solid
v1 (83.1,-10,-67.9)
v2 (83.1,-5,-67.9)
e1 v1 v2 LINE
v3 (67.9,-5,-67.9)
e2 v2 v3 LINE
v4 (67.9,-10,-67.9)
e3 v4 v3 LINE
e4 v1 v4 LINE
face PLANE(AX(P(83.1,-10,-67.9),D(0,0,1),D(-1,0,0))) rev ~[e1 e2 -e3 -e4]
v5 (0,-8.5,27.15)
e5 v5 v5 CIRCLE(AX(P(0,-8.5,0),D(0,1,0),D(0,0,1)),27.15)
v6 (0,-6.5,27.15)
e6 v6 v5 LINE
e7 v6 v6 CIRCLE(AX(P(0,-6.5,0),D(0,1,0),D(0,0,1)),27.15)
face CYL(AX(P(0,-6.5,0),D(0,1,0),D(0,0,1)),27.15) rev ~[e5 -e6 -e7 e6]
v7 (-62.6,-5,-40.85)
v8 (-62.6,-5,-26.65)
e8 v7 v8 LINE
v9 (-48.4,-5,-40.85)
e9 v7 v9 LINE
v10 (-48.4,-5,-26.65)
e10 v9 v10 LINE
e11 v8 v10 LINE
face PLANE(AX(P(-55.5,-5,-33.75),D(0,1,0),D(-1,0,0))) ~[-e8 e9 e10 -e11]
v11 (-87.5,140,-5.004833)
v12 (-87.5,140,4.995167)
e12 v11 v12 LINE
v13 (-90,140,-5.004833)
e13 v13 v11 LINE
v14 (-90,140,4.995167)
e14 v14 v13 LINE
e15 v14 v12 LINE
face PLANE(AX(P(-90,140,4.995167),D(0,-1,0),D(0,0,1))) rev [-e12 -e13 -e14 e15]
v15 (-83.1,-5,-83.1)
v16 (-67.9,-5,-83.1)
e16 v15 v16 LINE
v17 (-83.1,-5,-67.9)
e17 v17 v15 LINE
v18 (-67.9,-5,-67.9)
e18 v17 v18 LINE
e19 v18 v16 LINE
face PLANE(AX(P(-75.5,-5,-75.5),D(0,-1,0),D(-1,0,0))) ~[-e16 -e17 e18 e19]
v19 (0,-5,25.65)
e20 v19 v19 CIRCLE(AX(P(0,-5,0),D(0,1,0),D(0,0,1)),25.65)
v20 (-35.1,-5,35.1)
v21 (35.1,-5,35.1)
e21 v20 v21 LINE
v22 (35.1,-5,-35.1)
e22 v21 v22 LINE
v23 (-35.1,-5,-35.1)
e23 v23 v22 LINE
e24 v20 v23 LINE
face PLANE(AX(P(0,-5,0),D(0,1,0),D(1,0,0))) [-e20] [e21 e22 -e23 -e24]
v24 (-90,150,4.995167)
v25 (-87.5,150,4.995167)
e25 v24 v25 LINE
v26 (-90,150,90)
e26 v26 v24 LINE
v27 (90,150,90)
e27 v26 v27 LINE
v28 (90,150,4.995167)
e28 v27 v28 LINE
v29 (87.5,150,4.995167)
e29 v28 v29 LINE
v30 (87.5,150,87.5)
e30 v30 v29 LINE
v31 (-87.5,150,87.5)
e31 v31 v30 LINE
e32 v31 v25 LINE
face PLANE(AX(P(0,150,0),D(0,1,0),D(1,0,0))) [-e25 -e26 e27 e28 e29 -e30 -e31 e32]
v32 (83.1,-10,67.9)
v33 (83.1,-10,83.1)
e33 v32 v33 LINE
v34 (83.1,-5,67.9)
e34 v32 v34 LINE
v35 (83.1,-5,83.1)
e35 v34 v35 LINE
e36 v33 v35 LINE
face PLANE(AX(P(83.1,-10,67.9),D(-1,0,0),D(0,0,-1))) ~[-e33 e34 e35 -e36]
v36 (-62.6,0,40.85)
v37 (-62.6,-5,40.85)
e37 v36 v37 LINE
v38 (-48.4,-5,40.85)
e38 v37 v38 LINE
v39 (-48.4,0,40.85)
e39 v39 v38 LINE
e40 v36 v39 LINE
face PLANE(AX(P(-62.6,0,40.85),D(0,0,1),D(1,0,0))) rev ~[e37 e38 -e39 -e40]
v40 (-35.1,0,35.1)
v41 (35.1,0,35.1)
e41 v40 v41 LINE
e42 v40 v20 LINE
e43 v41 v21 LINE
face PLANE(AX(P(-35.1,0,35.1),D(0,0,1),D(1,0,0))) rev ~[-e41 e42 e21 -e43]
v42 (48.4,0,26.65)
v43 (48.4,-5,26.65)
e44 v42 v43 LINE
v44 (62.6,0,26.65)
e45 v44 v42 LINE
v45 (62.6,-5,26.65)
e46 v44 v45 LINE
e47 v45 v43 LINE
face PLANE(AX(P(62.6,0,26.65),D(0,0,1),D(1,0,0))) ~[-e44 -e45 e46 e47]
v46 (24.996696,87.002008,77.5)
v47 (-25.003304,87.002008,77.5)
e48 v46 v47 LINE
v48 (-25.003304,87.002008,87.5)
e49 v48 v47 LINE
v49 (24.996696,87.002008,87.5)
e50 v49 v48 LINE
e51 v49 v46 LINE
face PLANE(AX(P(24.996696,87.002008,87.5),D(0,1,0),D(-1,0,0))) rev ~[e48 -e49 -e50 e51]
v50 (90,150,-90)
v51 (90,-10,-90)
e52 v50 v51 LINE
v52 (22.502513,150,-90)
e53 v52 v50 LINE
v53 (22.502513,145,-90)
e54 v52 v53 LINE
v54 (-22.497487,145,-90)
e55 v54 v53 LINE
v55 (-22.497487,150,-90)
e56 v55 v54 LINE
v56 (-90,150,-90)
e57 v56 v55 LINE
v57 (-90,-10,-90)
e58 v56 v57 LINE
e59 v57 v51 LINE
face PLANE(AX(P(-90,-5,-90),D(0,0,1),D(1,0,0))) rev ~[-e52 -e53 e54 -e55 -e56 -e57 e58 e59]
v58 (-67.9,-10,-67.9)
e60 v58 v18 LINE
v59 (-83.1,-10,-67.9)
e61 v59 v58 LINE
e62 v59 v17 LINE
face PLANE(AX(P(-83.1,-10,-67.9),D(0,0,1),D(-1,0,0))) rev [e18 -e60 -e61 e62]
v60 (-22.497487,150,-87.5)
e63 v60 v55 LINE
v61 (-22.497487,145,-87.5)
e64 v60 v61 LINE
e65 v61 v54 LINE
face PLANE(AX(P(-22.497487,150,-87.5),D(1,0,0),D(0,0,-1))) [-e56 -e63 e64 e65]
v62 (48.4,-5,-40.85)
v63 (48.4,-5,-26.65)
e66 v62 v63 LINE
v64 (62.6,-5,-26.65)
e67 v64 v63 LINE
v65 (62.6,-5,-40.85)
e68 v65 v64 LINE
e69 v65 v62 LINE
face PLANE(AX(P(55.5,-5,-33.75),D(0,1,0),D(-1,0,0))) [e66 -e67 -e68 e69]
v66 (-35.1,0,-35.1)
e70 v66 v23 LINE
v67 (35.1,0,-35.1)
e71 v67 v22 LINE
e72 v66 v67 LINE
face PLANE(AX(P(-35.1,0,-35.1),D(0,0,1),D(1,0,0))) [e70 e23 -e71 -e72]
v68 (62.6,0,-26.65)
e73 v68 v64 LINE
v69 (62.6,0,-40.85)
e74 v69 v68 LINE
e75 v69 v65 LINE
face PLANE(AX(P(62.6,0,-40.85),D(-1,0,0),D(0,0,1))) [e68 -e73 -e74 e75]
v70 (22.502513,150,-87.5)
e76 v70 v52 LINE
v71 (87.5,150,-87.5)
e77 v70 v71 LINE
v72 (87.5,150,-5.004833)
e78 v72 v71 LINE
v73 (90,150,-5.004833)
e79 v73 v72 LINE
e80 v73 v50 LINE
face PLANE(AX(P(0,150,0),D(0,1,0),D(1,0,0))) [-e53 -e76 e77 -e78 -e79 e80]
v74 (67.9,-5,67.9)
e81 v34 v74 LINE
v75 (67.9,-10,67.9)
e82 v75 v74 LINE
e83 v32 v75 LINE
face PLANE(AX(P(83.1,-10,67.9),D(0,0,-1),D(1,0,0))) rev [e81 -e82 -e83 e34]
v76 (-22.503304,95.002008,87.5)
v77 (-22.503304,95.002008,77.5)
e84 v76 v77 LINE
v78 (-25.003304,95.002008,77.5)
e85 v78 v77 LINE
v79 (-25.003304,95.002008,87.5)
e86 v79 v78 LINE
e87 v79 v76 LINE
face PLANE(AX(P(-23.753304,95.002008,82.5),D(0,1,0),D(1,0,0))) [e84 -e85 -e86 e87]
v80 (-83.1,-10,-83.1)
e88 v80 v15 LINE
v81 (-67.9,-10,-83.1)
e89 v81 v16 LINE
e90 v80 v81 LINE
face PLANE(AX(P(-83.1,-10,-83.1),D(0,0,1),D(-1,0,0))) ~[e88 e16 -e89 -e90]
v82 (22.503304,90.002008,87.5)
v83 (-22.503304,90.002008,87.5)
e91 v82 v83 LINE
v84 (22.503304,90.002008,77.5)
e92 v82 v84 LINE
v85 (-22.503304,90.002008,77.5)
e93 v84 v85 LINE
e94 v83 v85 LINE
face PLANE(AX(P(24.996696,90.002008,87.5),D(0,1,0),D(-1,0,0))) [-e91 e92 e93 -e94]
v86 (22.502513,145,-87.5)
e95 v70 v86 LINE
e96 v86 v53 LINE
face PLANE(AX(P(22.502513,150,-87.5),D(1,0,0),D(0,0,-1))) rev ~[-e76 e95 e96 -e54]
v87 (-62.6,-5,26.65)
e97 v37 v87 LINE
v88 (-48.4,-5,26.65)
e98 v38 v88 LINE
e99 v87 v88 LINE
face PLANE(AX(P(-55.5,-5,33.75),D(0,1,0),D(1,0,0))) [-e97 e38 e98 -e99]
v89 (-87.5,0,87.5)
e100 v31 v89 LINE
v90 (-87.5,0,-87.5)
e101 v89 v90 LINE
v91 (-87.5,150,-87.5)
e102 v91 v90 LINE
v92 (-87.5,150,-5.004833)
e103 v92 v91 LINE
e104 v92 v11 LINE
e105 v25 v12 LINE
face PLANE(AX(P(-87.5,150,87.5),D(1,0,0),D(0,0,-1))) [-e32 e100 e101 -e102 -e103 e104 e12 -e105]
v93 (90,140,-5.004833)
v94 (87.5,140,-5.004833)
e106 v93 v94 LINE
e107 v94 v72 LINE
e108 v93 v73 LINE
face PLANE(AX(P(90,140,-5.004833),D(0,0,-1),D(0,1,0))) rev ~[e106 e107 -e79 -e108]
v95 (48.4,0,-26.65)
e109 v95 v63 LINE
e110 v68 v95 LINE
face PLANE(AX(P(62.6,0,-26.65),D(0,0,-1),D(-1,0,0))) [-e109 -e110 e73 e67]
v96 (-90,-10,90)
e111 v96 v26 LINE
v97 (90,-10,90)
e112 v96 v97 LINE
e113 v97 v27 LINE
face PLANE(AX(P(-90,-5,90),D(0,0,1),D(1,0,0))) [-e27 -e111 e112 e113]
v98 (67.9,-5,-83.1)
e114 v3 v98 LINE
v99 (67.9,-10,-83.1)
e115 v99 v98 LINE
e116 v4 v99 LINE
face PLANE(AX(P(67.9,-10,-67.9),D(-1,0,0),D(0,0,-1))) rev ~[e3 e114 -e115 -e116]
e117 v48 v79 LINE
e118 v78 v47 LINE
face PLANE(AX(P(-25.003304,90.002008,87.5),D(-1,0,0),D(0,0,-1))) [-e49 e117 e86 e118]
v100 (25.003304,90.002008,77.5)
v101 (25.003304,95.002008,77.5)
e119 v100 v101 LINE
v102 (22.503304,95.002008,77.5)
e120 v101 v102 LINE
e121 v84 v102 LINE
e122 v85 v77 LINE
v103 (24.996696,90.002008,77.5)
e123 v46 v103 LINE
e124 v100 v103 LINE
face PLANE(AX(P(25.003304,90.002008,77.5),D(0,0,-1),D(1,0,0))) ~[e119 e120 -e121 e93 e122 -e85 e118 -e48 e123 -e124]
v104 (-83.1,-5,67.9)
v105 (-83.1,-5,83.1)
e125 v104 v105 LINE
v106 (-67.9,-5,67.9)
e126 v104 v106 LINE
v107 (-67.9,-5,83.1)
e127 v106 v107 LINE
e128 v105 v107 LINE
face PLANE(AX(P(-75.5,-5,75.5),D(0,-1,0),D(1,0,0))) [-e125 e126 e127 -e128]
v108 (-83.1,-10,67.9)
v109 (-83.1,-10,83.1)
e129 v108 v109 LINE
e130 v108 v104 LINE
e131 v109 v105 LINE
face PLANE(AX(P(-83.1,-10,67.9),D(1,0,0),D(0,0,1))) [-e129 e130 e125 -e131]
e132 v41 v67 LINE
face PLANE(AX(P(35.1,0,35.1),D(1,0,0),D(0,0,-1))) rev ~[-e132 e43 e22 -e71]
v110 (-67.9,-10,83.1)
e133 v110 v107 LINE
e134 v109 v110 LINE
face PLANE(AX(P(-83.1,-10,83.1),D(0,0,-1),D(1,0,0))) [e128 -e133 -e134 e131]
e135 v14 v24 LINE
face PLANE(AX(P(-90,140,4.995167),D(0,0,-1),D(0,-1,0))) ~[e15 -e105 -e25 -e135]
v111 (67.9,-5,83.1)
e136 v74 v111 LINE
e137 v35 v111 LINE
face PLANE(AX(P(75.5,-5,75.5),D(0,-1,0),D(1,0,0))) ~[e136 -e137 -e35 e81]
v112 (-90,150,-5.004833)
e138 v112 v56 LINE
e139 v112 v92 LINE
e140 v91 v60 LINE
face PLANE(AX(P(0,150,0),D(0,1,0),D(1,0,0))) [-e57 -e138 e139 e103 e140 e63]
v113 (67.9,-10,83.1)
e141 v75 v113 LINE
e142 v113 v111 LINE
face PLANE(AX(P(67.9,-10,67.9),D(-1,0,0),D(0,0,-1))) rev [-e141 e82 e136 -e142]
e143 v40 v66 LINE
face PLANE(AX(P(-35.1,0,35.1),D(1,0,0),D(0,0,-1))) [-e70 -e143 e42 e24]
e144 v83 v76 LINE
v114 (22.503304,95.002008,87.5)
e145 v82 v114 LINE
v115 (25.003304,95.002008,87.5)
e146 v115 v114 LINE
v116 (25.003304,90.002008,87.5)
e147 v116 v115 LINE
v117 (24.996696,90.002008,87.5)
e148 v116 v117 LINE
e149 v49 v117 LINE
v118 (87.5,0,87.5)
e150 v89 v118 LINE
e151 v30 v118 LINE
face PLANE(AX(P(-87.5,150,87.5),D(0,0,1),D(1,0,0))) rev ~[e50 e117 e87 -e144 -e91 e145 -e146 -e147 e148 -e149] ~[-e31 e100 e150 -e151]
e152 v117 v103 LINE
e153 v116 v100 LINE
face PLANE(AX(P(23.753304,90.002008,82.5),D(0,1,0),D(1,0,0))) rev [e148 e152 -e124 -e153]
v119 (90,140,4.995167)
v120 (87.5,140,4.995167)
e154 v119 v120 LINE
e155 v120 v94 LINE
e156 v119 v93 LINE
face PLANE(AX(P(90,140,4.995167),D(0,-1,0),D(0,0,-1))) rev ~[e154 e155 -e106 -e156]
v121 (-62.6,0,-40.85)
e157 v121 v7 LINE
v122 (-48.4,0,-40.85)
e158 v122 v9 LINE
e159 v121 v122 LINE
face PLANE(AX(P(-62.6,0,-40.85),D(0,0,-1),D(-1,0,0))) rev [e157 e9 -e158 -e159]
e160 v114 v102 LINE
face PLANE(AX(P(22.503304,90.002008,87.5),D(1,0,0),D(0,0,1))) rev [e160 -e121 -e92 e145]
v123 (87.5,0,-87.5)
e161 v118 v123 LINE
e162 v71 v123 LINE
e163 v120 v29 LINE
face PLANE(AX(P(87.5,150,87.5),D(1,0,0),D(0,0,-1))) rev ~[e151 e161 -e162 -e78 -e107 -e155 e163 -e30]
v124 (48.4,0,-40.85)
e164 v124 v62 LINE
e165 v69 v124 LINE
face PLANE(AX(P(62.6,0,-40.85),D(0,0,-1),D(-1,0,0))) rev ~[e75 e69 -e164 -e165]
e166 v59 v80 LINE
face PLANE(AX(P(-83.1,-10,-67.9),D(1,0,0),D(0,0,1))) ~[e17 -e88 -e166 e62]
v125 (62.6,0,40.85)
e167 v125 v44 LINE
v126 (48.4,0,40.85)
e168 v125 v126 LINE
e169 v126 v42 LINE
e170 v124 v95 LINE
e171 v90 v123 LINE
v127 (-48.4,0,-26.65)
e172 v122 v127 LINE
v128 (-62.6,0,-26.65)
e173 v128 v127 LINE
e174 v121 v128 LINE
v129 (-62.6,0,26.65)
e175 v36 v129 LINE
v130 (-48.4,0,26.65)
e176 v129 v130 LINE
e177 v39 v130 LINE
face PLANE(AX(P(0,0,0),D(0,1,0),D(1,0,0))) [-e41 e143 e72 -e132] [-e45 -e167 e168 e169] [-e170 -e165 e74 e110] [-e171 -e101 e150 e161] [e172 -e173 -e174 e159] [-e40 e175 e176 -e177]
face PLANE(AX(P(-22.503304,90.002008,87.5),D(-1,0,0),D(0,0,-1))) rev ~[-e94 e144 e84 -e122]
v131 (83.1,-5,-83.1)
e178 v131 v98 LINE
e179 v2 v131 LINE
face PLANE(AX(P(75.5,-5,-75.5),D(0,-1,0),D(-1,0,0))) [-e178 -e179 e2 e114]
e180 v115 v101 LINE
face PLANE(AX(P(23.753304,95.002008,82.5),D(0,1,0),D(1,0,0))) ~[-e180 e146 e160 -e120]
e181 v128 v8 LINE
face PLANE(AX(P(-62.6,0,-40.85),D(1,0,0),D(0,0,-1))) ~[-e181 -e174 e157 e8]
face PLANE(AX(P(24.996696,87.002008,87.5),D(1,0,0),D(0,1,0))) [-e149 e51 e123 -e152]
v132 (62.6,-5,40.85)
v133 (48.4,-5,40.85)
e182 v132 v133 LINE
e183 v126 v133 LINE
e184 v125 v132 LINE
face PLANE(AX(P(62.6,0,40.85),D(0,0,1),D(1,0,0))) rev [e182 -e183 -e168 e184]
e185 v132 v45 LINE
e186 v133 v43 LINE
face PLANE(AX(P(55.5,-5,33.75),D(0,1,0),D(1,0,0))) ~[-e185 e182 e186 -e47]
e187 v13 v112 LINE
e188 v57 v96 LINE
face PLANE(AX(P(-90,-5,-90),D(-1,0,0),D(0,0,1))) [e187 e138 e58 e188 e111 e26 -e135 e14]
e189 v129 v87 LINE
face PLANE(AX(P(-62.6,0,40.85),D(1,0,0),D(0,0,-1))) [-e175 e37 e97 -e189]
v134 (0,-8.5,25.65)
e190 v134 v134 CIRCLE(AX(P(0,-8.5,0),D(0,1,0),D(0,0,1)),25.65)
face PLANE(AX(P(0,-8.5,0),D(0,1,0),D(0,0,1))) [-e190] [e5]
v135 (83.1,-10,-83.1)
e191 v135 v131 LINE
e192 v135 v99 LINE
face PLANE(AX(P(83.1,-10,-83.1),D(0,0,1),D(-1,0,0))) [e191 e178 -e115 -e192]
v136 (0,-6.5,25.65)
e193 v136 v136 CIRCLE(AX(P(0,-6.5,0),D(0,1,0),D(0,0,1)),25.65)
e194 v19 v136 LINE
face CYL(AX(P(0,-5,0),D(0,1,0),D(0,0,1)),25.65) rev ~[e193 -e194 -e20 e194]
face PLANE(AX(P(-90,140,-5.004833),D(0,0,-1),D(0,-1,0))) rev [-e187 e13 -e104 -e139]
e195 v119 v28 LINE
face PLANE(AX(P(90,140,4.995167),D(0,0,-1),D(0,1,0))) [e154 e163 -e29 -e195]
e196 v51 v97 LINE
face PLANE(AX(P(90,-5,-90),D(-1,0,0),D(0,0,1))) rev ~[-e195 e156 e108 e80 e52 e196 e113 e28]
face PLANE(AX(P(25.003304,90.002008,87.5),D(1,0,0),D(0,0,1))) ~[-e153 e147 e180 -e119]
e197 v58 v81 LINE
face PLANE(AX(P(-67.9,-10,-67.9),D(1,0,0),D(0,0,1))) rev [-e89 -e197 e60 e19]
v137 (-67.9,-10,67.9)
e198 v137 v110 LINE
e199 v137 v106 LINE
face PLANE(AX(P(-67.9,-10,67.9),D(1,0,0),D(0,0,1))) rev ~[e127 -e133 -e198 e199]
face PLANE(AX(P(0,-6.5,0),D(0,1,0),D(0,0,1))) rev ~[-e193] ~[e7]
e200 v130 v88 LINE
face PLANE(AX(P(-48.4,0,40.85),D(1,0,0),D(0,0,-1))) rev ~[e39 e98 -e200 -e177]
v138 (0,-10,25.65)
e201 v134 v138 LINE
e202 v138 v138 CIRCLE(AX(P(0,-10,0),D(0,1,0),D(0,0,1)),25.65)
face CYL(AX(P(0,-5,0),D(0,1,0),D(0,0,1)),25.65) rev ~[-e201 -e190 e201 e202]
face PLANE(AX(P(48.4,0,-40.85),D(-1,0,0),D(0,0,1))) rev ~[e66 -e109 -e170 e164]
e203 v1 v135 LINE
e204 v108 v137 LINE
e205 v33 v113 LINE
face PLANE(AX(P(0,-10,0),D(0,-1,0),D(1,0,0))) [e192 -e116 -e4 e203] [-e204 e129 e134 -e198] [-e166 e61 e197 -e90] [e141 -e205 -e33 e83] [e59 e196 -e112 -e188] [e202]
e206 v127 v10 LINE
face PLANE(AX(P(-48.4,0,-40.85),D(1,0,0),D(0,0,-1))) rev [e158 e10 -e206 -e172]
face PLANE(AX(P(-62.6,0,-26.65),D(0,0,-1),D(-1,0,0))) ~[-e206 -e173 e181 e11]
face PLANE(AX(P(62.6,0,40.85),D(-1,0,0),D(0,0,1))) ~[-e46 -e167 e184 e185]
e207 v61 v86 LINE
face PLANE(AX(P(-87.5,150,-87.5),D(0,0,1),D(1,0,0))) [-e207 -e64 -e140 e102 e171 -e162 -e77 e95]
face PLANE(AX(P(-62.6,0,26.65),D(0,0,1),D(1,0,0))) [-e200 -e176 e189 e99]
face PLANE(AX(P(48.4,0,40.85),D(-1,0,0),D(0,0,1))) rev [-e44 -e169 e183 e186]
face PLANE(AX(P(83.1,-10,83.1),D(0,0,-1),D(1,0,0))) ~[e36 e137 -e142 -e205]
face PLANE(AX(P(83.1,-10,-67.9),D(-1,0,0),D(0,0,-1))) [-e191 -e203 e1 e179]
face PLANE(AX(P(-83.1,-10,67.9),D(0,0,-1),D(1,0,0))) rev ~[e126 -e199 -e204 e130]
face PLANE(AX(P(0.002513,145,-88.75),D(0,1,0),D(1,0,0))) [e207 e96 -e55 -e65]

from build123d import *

# Parameters (mm, degrees)
BOSS_EXTRUDE1_DEPTH      = 150
BOSS_EXTRUDE1_DEPTH_BACK = 5
SKETCH1_W                = 180
SKETCH1_H                = 180
SKETCH6_W                = 175
SKETCH6_H                = 175
CUT_EXTRUDE2_DEPTH       = 150
SKETCH34_W               = 180
SKETCH34_H               = 180
BOSS_EXTRUDE14_DEPTH     = 5
SKETCH35_W               = 15.2
SKETCH35_H               = 15.2
CUT_EXTRUDE11_DEPTH      = 5
SKETCH37_W               = 14.2
SKETCH37_H               = 14.2
CUT_EXTRUDE12_DEPTH      = 5
MIRROR13_COPY_1_SKETCH_W = 15.2
MIRROR13_COPY_1_SKETCH_H = 15.2
MIRROR13_COPY_1_DEPTH    = 5
MIRROR13_COPY_2_SKETCH_W = 14.2
MIRROR13_COPY_2_SKETCH_H = 14.2
MIRROR13_COPY_2_DEPTH    = 5
SKETCH15_W               = 10
SKETCH15_H               = 10
CUT_EXTRUDE7_DEPTH       = 3
SKETCH21_W               = 50
SKETCH21_H               = 3
BOSS_EXTRUDE7_DEPTH      = 10
SKETCH22_W               = 2.5
SKETCH22_H               = 10
BOSS_EXTRUDE8_DEPTH      = 5
SKETCH30_W               = 45
SKETCH30_H               = 2.5
CUT_EXTRUDE9_DEPTH       = 5
SKETCH38_W               = 70.2
SKETCH38_H               = 70.2
CUT_EXTRUDE13_DEPTH      = 5
SKETCH7_R                = 25.65
CUT_EXTRUDE14_DEPTH      = 5
CUT_EXTRUDE16_START      = -1.5
SKETCH39_R               = 27.15
CUT_EXTRUDE16_DEPTH      = 2


with BuildPart() as part:
    # Sketch1 → Boss-Extrude1 (new, two sides: drawn at the far end of the back side and taken through both)
    with BuildSketch(Plane(origin=(0, 0, 0), x_dir=(1, 0, 0), z_dir=(0, 1, 0)).offset(-BOSS_EXTRUDE1_DEPTH_BACK)):
        Rectangle(SKETCH1_W, SKETCH1_H)
    extrude(amount=BOSS_EXTRUDE1_DEPTH + BOSS_EXTRUDE1_DEPTH_BACK)

    # Sketch6 → Cut-Extrude2 (cut)
    with BuildSketch(Plane(origin=(0, 150, 0), x_dir=(1, 0, 0), z_dir=(0, 1, 0))):
        Rectangle(SKETCH6_W, SKETCH6_H)
    extrude(amount=-CUT_EXTRUDE2_DEPTH, mode=Mode.SUBTRACT)

    # Sketch34 → Boss-Extrude14 (add)
    with BuildSketch(Plane.XZ.offset(5)):
        Rectangle(SKETCH34_W, SKETCH34_H)
    extrude(amount=BOSS_EXTRUDE14_DEPTH)

    # Sketch35 → Cut-Extrude11 (cut)
    with BuildSketch(Plane.XZ.offset(10)):
        with Locations((-75.5, 75.5)):
            Rectangle(SKETCH35_W, SKETCH35_H)
    cut_extrude11 = extrude(amount=-CUT_EXTRUDE11_DEPTH, mode=Mode.SUBTRACT)

    # Sketch37 → Cut-Extrude12 (cut)
    with BuildSketch(Plane(origin=(0, 0, 0), x_dir=(1, 0, 0), z_dir=(0, 1, 0))):
        with Locations((-55.5, -33.75)):
            Rectangle(SKETCH37_W, SKETCH37_H)
    cut_extrude12 = extrude(amount=-CUT_EXTRUDE12_DEPTH, mode=Mode.SUBTRACT)

    # Mirror12: Cut-Extrude11, Cut-Extrude12 across plane
    add(cut_extrude11.mirror(Plane.XY), mode=Mode.SUBTRACT)
    add(cut_extrude12.mirror(Plane.XY), mode=Mode.SUBTRACT)

    # Mirror13: Cut-Extrude11, Cut-Extrude12 across plane
    add(cut_extrude11.mirror(Plane(origin=(0, 0, 0), x_dir=(0, 0, 1), z_dir=(1, 0, 0))), mode=Mode.SUBTRACT)
    add(cut_extrude12.mirror(Plane(origin=(0, 0, 0), x_dir=(0, 0, 1), z_dir=(1, 0, 0))), mode=Mode.SUBTRACT)

    # Mirror13 copy 1 sketch → Mirror13 copy 1 (cut)
    with BuildSketch(Plane(origin=(0, -10, 0), x_dir=(-1, 0, 0), z_dir=(0, -1, 0))):
        with Locations((-75.5, 75.5)):
            Rectangle(MIRROR13_COPY_1_SKETCH_W, MIRROR13_COPY_1_SKETCH_H)
    extrude(amount=-MIRROR13_COPY_1_DEPTH, mode=Mode.SUBTRACT)

    # Mirror13 copy 2 sketch → Mirror13 copy 2 (cut)
    with BuildSketch(Plane(origin=(0, 0, 0), x_dir=(-1, 0, 0), z_dir=(0, 1, 0))):
        with Locations((-55.5, -33.75)):
            Rectangle(MIRROR13_COPY_2_SKETCH_W, MIRROR13_COPY_2_SKETCH_H)
    extrude(amount=-MIRROR13_COPY_2_DEPTH, mode=Mode.SUBTRACT)

    # Sketch15 → Cut-Extrude7 (cut)
    with BuildSketch(Plane(origin=(90, 0, 0), x_dir=(0, 0, -1), z_dir=(1, 0, 0))):
        with Locations((0.004832502, 145)):
            Rectangle(SKETCH15_W, SKETCH15_H)
    cut_extrude7 = extrude(amount=-CUT_EXTRUDE7_DEPTH, mode=Mode.SUBTRACT)

    # Mirror3: Cut-Extrude7 across plane
    add(cut_extrude7.mirror(Plane(origin=(0, 0, 0), x_dir=(0, 0, 1), z_dir=(1, 0, 0))), mode=Mode.SUBTRACT)

    # Sketch21 → Boss-Extrude7 (add)
    with BuildSketch(Plane(origin=(0, 0, 87.5), x_dir=(-1, 0, 0), z_dir=(0, 0, -1))):
        with Locations((0.003304144, 88.502007714)):
            Rectangle(SKETCH21_W, SKETCH21_H)
    extrude(amount=BOSS_EXTRUDE7_DEPTH)

    # Sketch22 → Boss-Extrude8 (add)
    with BuildSketch(Plane(origin=(0, 90.002007714, 0), x_dir=(1, 0, 0), z_dir=(0, 1, 0))):
        with Locations((-23.753304144, -82.5)):
            Rectangle(SKETCH22_W, SKETCH22_H)
    boss_extrude8 = extrude(amount=BOSS_EXTRUDE8_DEPTH)

    # Mirror7: Boss-Extrude8 across plane
    add(boss_extrude8.mirror(Plane(origin=(0, 0, 0), x_dir=(0, 0, 1), z_dir=(1, 0, 0))))

    # Sketch30 → Cut-Extrude9 (cut)
    with BuildSketch(Plane(origin=(0, 150, 0), x_dir=(1, 0, 0), z_dir=(0, 1, 0))):
        with Locations((0.002512985, 88.75)):
            Rectangle(SKETCH30_W, SKETCH30_H)
    extrude(amount=-CUT_EXTRUDE9_DEPTH, mode=Mode.SUBTRACT)

    # Sketch38 → Cut-Extrude13 (cut)
    with BuildSketch(Plane(origin=(0, 0, 0), x_dir=(1, 0, 0), z_dir=(0, 1, 0))):
        Rectangle(SKETCH38_W, SKETCH38_H)
    extrude(amount=-CUT_EXTRUDE13_DEPTH, mode=Mode.SUBTRACT)

    # Sketch7 → Cut-Extrude14 (cut)
    with BuildSketch(Plane(origin=(0, -5, 0), x_dir=(1, 0, 0), z_dir=(0, 1, 0))):
        with Locations(Location((0, 0, 0), (0, 0, 270))):
            Circle(SKETCH7_R)
    extrude(amount=-CUT_EXTRUDE14_DEPTH, mode=Mode.SUBTRACT)

    # Sketch39 → Cut-Extrude16 (cut)
    with BuildSketch(Plane(origin=(0, -5, 0), x_dir=(1, 0, 0), z_dir=(0, 1, 0)).offset(CUT_EXTRUDE16_START)):
        with Locations(Location((0, 0, 0), (0, 0, 270))):
            Circle(SKETCH39_R)
    extrude(amount=-CUT_EXTRUDE16_DEPTH, mode=Mode.SUBTRACT)


solid = part.part
